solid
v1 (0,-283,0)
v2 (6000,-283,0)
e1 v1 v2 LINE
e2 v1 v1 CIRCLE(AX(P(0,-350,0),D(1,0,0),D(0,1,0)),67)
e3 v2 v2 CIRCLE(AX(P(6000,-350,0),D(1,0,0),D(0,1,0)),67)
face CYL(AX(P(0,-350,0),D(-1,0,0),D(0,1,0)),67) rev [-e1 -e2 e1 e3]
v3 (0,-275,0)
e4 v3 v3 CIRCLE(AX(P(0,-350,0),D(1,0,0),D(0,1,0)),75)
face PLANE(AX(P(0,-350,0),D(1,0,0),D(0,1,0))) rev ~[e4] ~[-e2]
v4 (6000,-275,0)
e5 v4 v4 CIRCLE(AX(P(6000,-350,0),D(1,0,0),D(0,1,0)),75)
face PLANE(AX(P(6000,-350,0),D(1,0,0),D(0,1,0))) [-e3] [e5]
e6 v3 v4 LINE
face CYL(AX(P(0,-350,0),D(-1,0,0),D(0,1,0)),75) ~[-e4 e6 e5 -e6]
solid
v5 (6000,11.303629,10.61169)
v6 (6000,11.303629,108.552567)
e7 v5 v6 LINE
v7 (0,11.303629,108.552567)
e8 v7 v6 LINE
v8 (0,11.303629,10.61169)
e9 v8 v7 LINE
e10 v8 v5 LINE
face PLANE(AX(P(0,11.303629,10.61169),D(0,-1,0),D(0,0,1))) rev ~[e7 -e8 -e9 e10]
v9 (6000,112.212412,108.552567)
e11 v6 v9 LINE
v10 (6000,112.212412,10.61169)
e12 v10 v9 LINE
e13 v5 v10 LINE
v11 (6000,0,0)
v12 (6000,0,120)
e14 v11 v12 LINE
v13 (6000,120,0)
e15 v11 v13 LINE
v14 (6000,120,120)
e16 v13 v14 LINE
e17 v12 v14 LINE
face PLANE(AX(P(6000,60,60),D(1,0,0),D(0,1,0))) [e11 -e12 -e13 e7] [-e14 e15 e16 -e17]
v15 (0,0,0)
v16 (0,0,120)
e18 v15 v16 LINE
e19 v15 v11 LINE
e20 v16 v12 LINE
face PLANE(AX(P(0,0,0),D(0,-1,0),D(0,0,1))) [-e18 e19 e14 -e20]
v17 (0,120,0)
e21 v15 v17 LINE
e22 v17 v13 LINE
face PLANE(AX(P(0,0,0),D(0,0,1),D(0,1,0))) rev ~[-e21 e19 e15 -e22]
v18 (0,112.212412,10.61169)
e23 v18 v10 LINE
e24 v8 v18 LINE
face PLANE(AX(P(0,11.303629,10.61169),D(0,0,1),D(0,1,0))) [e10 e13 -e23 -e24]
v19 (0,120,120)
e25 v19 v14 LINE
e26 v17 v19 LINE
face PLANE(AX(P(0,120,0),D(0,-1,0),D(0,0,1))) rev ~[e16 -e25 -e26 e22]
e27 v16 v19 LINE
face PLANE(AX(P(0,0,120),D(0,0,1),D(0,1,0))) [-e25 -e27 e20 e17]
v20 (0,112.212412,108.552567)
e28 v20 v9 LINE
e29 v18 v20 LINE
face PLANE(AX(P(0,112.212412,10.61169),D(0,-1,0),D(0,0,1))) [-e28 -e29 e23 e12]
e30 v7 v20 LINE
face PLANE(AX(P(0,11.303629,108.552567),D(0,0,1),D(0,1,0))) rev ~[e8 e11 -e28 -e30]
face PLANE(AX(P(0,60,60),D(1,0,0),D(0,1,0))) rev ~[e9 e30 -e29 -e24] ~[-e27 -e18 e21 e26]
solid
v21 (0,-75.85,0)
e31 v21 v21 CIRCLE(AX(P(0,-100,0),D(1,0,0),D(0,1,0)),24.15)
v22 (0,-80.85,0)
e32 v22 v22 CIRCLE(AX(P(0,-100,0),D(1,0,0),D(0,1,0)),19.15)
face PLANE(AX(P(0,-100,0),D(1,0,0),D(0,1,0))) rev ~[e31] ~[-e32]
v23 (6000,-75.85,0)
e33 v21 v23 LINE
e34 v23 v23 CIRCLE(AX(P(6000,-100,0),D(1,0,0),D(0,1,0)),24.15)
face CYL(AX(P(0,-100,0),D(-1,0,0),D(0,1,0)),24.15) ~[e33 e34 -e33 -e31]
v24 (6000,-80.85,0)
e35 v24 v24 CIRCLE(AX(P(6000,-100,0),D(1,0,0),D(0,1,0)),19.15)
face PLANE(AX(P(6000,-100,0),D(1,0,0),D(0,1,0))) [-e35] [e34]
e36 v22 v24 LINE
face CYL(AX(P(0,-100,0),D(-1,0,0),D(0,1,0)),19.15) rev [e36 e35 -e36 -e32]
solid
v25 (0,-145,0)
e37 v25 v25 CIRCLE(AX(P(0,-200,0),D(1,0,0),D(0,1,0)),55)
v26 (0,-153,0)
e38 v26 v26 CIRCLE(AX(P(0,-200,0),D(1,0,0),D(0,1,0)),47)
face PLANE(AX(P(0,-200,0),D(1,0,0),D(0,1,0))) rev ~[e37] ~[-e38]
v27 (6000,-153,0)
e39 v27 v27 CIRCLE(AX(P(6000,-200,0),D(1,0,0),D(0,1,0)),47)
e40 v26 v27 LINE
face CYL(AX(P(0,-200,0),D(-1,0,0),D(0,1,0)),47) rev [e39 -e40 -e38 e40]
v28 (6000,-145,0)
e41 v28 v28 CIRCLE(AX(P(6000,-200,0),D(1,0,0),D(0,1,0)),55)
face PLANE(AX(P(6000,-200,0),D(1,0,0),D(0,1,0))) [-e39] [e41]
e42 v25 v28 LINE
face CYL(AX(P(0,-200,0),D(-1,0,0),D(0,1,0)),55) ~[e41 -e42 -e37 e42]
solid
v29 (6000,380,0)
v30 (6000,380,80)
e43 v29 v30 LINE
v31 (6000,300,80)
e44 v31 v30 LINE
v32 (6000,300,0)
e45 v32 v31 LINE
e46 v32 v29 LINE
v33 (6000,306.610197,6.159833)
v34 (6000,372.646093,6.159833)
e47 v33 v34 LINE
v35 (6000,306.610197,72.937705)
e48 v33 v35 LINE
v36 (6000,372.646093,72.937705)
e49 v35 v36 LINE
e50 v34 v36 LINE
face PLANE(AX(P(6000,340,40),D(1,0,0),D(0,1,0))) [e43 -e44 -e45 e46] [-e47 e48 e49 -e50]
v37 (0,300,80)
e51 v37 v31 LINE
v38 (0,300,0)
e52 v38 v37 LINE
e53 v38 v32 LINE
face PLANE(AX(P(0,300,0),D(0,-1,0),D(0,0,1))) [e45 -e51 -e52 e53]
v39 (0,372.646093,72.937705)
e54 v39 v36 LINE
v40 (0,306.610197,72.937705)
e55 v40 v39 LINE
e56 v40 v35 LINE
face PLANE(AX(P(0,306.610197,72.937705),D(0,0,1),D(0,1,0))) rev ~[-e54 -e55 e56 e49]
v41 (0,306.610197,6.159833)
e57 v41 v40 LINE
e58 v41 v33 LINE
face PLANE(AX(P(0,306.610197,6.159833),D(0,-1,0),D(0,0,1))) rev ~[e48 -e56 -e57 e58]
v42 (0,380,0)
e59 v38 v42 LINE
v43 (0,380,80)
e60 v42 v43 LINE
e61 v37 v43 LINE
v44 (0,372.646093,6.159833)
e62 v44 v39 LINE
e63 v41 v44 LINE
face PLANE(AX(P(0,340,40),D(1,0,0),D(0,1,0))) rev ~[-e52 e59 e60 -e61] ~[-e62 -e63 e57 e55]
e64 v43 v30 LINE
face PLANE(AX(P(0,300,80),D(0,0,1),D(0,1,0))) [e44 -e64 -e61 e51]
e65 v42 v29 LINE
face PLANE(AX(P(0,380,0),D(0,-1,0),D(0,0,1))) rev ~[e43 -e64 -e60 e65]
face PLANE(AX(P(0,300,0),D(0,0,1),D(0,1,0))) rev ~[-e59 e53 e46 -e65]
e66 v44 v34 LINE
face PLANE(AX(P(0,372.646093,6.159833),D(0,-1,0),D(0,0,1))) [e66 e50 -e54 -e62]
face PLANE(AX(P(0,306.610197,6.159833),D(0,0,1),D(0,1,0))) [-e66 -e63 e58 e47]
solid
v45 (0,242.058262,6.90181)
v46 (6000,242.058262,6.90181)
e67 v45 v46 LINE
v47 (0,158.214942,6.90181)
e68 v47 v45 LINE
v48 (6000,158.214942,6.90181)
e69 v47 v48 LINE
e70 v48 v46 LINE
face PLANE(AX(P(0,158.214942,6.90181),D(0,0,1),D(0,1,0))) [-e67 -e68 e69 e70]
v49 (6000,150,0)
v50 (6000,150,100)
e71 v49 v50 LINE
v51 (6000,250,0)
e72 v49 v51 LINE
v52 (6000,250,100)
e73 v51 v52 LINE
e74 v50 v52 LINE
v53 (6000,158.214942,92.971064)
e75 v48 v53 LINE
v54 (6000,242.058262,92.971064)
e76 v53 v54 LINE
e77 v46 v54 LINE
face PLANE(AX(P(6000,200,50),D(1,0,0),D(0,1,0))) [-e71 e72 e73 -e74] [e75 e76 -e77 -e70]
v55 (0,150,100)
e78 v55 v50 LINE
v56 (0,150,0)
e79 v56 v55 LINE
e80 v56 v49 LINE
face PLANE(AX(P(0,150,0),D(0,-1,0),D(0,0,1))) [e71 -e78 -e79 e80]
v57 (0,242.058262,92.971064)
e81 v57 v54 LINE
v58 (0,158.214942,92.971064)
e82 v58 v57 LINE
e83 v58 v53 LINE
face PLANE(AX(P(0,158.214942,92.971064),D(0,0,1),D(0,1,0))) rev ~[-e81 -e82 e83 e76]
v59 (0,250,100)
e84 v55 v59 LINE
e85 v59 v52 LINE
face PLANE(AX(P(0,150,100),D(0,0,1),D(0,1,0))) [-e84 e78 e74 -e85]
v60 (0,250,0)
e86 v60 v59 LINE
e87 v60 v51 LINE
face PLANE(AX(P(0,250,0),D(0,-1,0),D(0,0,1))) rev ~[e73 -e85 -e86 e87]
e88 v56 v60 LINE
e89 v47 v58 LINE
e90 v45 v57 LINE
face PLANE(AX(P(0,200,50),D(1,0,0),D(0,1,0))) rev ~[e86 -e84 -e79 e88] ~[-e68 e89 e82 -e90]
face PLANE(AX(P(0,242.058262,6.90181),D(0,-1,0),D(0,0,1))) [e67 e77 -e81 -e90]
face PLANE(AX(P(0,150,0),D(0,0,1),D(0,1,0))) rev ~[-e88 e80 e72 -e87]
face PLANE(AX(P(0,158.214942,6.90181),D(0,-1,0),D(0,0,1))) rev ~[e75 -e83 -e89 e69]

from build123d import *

# Parameters (mm, degrees)
F0_R     = 55
F0_R_2   = 47
F0_R_3   = 24.15
F0_R_4   = 19.15
F0_W     = 120
F0_H     = 120
F0_W_2   = 100.908783
F0_H_2   = 97.940877
F0_W_3   = 100
F0_H_3   = 100
F0_W_4   = 83.84332
F0_H_4   = 86.069254
F0_W_5   = 80
F0_H_5   = 80
F0_W_6   = 66.035896
F0_H_6   = 66.777872
F0_R_5   = 75
F0_R_6   = 67
F1_DEPTH = 6000


with BuildPart() as f1:
    # F0 (on Right) → F1 (new body)
    with BuildSketch(Plane.YZ):
        with Locations((-200, 0)):
            Circle(F0_R)
        with Locations((-200, 0)):
            Circle(F0_R_2, mode=Mode.SUBTRACT)
        with Locations((-100, 0)):
            Circle(F0_R_3)
        with Locations((-100, 0)):
            Circle(F0_R_4, mode=Mode.SUBTRACT)
        with Locations((60, 60)):
            Rectangle(F0_W, F0_H)
        with Locations((61.758021, 59.582129)):
            Rectangle(F0_W_2, F0_H_2, mode=Mode.SUBTRACT)
        with Locations((200, 50)):
            Rectangle(F0_W_3, F0_H_3)
        with Locations((200.136602, 49.936437)):
            Rectangle(F0_W_4, F0_H_4, mode=Mode.SUBTRACT)
        with Locations((340, 40)):
            Rectangle(F0_W_5, F0_H_5)
        with Locations((339.628145, 39.548769)):
            Rectangle(F0_W_6, F0_H_6, mode=Mode.SUBTRACT)
        with Locations((-350, 0)):
            Circle(F0_R_5)
        with Locations((-350, 0)):
            Circle(F0_R_6, mode=Mode.SUBTRACT)
    extrude(amount=F1_DEPTH)


solid = f1.part
